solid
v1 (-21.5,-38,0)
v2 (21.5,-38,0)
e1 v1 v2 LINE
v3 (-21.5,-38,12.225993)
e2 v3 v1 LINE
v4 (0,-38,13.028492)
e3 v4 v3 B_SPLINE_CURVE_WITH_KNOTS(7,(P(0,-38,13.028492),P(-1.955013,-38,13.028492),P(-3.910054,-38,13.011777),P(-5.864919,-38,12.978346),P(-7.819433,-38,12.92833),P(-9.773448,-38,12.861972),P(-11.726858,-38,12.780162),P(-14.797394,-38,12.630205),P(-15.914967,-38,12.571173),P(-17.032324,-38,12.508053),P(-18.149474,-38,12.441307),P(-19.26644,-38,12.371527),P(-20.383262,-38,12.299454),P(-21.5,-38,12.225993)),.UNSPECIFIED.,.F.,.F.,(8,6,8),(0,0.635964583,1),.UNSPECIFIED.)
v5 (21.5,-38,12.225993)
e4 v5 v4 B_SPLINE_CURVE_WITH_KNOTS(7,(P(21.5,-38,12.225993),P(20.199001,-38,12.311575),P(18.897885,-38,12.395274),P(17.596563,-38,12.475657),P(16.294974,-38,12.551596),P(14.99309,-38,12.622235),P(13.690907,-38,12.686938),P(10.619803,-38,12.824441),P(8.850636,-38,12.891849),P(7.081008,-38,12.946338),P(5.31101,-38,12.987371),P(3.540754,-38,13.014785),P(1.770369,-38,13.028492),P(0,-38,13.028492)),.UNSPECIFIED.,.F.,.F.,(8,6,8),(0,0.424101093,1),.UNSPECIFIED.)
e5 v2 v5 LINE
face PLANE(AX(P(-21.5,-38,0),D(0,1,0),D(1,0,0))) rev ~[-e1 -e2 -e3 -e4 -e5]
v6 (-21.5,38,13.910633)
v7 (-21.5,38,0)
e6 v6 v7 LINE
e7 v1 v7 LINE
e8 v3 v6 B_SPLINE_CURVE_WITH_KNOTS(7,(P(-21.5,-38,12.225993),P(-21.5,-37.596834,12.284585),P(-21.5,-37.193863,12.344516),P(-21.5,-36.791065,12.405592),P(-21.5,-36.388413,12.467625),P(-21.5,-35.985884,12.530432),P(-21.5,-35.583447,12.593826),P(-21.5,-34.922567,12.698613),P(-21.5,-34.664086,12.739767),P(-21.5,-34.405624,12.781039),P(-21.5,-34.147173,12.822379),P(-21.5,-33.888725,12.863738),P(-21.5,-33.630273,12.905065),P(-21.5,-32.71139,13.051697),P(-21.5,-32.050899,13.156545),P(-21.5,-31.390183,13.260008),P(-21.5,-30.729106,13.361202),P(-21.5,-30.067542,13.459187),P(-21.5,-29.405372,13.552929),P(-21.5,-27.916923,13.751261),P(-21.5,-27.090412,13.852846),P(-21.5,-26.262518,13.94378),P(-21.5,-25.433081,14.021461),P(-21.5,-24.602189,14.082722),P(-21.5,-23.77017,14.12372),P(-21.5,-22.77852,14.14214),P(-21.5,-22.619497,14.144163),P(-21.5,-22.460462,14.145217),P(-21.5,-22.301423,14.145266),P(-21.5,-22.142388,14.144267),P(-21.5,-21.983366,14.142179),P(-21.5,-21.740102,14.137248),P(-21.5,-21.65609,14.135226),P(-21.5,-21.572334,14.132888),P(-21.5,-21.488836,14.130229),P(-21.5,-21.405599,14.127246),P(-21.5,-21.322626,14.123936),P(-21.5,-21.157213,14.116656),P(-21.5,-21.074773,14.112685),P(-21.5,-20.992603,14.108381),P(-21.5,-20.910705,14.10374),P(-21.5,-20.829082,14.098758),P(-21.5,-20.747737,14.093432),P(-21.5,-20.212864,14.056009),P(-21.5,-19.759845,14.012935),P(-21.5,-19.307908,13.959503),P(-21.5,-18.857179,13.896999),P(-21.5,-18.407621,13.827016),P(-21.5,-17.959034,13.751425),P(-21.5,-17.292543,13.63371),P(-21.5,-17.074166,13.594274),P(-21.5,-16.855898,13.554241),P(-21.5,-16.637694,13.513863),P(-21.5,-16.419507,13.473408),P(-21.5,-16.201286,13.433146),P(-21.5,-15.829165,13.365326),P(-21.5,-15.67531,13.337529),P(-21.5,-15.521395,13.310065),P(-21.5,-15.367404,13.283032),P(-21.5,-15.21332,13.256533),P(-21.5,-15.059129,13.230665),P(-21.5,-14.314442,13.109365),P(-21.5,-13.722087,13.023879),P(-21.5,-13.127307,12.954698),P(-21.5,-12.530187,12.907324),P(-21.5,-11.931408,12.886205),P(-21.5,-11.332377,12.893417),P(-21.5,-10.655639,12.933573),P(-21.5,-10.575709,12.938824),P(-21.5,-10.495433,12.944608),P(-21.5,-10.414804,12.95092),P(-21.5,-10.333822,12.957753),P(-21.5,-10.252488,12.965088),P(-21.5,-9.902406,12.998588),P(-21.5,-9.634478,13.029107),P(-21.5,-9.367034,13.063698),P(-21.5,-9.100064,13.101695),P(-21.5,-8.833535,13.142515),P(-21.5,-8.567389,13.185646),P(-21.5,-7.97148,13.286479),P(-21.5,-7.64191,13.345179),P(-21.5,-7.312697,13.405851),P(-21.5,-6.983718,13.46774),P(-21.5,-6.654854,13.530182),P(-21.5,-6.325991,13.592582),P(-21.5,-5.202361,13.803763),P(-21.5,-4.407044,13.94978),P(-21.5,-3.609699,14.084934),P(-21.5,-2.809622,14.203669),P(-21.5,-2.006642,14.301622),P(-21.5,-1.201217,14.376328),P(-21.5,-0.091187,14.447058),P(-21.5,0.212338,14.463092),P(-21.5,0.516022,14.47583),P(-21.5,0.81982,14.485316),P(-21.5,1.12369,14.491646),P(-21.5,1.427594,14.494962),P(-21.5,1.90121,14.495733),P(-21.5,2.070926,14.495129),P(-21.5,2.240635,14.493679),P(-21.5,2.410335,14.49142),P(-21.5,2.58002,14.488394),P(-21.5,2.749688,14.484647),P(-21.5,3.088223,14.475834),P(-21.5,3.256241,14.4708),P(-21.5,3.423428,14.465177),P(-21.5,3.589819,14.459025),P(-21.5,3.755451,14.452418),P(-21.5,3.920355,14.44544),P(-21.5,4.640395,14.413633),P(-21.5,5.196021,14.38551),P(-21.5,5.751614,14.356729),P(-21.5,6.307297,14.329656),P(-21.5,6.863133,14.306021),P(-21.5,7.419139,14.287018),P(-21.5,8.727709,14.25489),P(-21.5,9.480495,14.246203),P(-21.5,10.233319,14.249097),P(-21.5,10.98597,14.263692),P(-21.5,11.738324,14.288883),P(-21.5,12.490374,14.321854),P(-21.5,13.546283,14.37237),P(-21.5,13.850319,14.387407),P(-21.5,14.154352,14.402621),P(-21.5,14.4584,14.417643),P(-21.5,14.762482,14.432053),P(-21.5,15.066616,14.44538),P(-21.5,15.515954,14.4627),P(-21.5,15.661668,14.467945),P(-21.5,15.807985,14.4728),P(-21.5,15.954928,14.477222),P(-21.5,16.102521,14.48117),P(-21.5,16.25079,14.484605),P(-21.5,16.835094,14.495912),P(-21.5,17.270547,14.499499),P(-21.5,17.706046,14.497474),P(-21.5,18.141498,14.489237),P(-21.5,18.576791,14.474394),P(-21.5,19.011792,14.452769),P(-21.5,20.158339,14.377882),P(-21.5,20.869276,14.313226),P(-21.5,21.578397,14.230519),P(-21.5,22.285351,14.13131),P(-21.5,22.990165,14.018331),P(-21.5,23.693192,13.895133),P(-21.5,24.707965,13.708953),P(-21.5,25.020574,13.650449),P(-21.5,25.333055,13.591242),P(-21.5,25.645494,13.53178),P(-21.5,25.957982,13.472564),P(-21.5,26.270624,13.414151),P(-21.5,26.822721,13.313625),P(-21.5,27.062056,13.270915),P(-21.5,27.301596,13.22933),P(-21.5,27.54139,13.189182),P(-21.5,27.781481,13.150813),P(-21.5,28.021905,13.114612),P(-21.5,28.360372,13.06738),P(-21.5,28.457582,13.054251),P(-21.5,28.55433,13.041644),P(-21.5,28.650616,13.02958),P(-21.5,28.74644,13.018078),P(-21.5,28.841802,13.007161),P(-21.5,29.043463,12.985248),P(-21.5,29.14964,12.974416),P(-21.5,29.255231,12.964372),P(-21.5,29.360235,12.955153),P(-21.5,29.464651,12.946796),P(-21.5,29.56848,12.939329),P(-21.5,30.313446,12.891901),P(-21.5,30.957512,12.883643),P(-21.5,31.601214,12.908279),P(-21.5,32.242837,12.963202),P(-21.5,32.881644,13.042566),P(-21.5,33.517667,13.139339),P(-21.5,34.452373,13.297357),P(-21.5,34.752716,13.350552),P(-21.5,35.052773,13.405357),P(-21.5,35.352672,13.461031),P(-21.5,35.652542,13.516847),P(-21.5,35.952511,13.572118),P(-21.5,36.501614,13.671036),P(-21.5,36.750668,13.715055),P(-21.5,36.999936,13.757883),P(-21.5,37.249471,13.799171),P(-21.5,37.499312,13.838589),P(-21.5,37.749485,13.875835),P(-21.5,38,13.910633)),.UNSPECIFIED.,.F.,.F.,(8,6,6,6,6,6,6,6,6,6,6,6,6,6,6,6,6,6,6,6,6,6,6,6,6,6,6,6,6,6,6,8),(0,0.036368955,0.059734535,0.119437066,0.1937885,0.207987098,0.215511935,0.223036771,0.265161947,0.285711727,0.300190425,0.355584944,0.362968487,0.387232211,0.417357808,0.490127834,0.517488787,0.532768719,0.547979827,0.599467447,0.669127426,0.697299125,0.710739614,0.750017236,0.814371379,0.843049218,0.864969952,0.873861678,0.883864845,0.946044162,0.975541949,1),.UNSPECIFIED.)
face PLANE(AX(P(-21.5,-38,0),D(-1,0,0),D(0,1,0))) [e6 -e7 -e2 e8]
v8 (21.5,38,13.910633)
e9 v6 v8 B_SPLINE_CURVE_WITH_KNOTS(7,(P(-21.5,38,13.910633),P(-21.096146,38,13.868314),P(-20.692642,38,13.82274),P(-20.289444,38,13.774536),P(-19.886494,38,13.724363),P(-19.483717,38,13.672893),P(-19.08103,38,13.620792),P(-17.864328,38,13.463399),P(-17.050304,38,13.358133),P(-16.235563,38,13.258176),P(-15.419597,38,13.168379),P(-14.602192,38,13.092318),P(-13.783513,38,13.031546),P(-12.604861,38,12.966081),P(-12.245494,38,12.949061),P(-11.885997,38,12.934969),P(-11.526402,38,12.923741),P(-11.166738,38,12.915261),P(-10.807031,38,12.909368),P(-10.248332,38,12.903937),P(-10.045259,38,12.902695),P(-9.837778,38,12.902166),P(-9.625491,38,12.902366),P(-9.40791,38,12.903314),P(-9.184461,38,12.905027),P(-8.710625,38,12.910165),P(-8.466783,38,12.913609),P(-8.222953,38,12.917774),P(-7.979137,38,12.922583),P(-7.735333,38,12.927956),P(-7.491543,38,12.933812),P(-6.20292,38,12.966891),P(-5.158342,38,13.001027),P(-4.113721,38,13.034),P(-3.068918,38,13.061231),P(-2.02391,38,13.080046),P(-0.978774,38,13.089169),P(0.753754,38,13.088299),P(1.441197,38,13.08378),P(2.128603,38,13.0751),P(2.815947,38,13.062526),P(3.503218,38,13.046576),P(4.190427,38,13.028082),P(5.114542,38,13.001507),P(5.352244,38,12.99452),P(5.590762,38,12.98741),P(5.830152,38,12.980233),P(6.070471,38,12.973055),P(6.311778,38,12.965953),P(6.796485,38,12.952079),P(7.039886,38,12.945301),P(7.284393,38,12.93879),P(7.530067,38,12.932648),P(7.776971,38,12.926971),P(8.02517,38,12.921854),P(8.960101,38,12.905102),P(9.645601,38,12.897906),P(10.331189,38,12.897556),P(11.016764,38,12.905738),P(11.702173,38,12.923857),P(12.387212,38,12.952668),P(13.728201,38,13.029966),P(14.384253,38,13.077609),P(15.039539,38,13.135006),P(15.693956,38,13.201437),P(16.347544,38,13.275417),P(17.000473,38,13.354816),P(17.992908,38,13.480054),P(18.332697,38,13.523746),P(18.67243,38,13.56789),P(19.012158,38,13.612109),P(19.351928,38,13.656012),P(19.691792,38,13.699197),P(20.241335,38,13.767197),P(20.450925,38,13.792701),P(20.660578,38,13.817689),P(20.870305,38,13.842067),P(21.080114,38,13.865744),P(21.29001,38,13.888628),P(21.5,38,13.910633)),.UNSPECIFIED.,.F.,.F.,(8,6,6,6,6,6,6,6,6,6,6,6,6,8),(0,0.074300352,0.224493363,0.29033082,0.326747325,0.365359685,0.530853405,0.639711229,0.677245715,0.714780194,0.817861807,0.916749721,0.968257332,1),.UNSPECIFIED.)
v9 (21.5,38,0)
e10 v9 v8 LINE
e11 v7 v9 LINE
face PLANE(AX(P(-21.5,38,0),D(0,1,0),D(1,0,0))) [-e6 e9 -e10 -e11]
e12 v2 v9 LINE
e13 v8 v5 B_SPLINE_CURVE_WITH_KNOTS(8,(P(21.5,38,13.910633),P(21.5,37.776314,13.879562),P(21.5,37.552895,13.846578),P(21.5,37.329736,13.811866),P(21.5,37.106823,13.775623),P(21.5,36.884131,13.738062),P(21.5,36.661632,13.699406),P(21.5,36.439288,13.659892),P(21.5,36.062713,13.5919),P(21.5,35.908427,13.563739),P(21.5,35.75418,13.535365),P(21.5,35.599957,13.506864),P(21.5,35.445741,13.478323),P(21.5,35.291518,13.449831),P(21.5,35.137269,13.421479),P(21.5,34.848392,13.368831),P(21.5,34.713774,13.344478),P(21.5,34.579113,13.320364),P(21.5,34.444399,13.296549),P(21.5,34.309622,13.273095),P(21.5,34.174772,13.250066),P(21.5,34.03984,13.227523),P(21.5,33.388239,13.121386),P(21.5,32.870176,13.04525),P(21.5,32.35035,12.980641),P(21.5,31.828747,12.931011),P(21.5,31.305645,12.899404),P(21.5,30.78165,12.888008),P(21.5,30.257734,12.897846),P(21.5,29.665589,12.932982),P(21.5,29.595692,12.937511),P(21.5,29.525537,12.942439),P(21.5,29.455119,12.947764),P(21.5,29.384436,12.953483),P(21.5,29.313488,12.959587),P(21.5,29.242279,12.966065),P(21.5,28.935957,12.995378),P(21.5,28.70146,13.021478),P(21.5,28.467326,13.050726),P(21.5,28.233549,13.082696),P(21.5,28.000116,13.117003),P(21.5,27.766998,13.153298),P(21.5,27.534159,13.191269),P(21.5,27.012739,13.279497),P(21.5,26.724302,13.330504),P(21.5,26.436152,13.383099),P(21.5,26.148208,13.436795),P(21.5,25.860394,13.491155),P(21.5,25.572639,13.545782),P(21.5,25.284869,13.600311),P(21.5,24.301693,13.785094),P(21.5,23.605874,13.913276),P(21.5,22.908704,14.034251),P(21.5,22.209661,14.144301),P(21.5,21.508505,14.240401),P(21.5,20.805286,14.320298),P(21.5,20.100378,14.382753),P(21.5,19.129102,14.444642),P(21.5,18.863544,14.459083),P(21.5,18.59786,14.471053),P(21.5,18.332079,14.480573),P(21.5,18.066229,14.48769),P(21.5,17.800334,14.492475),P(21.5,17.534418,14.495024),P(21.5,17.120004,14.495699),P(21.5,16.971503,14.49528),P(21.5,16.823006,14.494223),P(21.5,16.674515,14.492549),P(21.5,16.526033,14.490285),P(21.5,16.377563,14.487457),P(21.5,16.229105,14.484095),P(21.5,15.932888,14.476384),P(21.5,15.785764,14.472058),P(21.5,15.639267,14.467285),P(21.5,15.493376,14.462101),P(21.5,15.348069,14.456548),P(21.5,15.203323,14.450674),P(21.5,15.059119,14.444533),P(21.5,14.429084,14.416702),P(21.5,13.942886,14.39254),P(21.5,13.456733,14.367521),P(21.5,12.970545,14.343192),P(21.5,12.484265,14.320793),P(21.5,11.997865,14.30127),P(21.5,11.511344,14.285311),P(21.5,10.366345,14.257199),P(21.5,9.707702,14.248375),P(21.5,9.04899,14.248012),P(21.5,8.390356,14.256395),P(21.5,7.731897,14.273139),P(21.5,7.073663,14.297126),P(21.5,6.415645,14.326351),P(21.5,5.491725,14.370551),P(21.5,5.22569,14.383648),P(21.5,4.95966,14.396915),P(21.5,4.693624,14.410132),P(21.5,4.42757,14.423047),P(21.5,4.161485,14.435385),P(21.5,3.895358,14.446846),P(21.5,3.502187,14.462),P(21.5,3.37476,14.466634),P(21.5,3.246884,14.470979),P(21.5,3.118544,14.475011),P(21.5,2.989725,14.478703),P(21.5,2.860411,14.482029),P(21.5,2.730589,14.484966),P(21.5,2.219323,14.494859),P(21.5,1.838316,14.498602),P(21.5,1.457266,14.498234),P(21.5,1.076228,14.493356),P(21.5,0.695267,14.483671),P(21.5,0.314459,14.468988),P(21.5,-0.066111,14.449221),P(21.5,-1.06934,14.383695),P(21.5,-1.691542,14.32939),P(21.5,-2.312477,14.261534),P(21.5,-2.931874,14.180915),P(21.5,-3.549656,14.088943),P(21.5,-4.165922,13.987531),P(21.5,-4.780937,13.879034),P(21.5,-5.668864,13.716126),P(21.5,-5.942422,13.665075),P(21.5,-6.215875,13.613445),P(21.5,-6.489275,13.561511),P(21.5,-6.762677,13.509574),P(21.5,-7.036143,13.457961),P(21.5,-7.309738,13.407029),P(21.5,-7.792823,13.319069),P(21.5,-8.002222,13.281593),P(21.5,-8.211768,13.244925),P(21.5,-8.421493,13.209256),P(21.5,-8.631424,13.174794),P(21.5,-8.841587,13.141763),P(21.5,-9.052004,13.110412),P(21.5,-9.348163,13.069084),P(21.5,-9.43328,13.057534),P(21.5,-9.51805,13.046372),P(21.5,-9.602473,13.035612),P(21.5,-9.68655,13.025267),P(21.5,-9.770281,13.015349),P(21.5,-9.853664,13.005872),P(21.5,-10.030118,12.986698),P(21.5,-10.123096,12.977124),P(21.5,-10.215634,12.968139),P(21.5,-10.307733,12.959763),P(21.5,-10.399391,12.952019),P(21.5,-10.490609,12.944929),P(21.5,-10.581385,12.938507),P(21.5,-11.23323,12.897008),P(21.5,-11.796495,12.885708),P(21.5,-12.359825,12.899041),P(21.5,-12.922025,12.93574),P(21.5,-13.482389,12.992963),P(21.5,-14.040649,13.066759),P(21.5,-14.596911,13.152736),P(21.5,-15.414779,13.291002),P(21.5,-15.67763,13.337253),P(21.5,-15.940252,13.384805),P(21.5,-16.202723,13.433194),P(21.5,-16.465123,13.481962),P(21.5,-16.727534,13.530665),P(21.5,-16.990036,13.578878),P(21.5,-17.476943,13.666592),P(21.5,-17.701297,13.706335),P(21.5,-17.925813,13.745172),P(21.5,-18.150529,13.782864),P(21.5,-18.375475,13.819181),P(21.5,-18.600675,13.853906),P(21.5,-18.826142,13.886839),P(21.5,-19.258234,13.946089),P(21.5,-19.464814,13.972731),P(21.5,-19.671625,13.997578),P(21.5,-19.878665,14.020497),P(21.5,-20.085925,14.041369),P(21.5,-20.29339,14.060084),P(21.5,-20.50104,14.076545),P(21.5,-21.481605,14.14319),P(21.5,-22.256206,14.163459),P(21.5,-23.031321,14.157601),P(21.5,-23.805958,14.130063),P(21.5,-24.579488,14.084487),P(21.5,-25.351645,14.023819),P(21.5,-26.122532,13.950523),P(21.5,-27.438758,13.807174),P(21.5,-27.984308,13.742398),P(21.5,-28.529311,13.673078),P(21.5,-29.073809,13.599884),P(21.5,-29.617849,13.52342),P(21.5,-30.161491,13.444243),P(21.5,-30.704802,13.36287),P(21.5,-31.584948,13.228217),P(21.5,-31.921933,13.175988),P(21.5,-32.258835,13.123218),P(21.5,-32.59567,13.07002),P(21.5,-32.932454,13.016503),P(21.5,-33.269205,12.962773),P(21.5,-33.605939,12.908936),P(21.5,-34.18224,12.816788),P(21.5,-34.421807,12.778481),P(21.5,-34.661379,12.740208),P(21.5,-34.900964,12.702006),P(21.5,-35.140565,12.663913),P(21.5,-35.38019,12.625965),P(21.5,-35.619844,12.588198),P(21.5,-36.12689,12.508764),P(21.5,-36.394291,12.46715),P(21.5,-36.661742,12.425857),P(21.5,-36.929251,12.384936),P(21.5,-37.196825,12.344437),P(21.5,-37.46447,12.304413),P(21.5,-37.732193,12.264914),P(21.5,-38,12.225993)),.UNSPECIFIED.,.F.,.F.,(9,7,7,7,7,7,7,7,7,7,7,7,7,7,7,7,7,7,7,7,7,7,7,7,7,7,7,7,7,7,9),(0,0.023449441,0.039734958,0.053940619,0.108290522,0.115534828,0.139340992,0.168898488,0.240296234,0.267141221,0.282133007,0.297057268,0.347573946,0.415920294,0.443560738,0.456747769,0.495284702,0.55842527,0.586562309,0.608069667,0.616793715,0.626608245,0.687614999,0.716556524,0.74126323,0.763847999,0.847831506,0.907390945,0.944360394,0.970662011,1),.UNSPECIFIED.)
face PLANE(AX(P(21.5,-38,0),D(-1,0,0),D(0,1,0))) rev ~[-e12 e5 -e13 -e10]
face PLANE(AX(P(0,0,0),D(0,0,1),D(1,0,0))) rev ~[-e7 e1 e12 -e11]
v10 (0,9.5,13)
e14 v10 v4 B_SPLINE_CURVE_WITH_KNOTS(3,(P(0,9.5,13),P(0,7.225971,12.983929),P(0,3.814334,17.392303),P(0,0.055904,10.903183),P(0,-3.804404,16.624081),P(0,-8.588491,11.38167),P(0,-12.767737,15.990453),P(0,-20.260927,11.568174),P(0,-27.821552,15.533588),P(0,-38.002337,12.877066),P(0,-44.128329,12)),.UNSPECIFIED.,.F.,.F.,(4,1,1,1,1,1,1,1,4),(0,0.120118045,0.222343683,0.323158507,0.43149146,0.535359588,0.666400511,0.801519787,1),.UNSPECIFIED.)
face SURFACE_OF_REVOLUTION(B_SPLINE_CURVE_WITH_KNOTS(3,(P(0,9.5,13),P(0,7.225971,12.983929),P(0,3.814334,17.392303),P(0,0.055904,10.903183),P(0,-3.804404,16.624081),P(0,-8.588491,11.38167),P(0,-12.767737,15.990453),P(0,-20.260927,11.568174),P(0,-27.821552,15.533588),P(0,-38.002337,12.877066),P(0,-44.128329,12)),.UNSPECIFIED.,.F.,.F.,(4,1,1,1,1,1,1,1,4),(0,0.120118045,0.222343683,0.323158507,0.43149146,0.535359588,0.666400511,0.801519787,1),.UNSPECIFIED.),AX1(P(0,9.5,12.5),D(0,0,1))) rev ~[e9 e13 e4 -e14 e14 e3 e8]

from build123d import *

# Parameters (mm, degrees)
F0_W     = 43
F0_H     = 76
F1_DEPTH = 12
F5_DEPTH = 25


with BuildPart() as f1:
    # F0 (on Top) → F1 (new body)
    with BuildSketch(Plane.XY):
        Rectangle(F0_W, F0_H)
    extrude(amount=F1_DEPTH)

    # F3 (on Right) → F4 (revolve)
    with BuildSketch(Plane.YZ):
        with BuildLine():
            Line((-44.1283285618, 12), (9.5, 12))
            Line((9.5, 12), (9.5, 13))
            add(Edge.make_bspline(
                [(9.5, 13), (7.2259709093, 12.9839292355), (3.8143336998, 17.3923027091), (0.0559037939, 10.903183264), (-3.8044043801, 16.6240806281), (-8.5884909723, 11.3816701472), (-12.7677373796, 15.9904534972), (-20.2609269277, 11.5681742154), (-27.8215516911, 15.5335878921), (-38.0023366763, 12.8770661415), (-44.1283285618, 12)],
                knots=[0, 0, 0, 0, 0.1201180453, 0.2223436831, 0.3231585069, 0.43149146, 0.5353595882, 0.666400511, 0.8015197875, 1, 1, 1, 1], degree=3))
        make_face()
    revolve(axis=Axis((0, 9.5, 12.5), (0, 0, 1)))

    # F5 (cut): a face of the model
    f5_faces = [f1.faces().sort_by_distance(p)[0] for p in [
        (0, 61.6114903702, 12),
    ]]
    extrude(f5_faces, amount=-F5_DEPTH, mode=Mode.SUBTRACT)


solid = f1.part
